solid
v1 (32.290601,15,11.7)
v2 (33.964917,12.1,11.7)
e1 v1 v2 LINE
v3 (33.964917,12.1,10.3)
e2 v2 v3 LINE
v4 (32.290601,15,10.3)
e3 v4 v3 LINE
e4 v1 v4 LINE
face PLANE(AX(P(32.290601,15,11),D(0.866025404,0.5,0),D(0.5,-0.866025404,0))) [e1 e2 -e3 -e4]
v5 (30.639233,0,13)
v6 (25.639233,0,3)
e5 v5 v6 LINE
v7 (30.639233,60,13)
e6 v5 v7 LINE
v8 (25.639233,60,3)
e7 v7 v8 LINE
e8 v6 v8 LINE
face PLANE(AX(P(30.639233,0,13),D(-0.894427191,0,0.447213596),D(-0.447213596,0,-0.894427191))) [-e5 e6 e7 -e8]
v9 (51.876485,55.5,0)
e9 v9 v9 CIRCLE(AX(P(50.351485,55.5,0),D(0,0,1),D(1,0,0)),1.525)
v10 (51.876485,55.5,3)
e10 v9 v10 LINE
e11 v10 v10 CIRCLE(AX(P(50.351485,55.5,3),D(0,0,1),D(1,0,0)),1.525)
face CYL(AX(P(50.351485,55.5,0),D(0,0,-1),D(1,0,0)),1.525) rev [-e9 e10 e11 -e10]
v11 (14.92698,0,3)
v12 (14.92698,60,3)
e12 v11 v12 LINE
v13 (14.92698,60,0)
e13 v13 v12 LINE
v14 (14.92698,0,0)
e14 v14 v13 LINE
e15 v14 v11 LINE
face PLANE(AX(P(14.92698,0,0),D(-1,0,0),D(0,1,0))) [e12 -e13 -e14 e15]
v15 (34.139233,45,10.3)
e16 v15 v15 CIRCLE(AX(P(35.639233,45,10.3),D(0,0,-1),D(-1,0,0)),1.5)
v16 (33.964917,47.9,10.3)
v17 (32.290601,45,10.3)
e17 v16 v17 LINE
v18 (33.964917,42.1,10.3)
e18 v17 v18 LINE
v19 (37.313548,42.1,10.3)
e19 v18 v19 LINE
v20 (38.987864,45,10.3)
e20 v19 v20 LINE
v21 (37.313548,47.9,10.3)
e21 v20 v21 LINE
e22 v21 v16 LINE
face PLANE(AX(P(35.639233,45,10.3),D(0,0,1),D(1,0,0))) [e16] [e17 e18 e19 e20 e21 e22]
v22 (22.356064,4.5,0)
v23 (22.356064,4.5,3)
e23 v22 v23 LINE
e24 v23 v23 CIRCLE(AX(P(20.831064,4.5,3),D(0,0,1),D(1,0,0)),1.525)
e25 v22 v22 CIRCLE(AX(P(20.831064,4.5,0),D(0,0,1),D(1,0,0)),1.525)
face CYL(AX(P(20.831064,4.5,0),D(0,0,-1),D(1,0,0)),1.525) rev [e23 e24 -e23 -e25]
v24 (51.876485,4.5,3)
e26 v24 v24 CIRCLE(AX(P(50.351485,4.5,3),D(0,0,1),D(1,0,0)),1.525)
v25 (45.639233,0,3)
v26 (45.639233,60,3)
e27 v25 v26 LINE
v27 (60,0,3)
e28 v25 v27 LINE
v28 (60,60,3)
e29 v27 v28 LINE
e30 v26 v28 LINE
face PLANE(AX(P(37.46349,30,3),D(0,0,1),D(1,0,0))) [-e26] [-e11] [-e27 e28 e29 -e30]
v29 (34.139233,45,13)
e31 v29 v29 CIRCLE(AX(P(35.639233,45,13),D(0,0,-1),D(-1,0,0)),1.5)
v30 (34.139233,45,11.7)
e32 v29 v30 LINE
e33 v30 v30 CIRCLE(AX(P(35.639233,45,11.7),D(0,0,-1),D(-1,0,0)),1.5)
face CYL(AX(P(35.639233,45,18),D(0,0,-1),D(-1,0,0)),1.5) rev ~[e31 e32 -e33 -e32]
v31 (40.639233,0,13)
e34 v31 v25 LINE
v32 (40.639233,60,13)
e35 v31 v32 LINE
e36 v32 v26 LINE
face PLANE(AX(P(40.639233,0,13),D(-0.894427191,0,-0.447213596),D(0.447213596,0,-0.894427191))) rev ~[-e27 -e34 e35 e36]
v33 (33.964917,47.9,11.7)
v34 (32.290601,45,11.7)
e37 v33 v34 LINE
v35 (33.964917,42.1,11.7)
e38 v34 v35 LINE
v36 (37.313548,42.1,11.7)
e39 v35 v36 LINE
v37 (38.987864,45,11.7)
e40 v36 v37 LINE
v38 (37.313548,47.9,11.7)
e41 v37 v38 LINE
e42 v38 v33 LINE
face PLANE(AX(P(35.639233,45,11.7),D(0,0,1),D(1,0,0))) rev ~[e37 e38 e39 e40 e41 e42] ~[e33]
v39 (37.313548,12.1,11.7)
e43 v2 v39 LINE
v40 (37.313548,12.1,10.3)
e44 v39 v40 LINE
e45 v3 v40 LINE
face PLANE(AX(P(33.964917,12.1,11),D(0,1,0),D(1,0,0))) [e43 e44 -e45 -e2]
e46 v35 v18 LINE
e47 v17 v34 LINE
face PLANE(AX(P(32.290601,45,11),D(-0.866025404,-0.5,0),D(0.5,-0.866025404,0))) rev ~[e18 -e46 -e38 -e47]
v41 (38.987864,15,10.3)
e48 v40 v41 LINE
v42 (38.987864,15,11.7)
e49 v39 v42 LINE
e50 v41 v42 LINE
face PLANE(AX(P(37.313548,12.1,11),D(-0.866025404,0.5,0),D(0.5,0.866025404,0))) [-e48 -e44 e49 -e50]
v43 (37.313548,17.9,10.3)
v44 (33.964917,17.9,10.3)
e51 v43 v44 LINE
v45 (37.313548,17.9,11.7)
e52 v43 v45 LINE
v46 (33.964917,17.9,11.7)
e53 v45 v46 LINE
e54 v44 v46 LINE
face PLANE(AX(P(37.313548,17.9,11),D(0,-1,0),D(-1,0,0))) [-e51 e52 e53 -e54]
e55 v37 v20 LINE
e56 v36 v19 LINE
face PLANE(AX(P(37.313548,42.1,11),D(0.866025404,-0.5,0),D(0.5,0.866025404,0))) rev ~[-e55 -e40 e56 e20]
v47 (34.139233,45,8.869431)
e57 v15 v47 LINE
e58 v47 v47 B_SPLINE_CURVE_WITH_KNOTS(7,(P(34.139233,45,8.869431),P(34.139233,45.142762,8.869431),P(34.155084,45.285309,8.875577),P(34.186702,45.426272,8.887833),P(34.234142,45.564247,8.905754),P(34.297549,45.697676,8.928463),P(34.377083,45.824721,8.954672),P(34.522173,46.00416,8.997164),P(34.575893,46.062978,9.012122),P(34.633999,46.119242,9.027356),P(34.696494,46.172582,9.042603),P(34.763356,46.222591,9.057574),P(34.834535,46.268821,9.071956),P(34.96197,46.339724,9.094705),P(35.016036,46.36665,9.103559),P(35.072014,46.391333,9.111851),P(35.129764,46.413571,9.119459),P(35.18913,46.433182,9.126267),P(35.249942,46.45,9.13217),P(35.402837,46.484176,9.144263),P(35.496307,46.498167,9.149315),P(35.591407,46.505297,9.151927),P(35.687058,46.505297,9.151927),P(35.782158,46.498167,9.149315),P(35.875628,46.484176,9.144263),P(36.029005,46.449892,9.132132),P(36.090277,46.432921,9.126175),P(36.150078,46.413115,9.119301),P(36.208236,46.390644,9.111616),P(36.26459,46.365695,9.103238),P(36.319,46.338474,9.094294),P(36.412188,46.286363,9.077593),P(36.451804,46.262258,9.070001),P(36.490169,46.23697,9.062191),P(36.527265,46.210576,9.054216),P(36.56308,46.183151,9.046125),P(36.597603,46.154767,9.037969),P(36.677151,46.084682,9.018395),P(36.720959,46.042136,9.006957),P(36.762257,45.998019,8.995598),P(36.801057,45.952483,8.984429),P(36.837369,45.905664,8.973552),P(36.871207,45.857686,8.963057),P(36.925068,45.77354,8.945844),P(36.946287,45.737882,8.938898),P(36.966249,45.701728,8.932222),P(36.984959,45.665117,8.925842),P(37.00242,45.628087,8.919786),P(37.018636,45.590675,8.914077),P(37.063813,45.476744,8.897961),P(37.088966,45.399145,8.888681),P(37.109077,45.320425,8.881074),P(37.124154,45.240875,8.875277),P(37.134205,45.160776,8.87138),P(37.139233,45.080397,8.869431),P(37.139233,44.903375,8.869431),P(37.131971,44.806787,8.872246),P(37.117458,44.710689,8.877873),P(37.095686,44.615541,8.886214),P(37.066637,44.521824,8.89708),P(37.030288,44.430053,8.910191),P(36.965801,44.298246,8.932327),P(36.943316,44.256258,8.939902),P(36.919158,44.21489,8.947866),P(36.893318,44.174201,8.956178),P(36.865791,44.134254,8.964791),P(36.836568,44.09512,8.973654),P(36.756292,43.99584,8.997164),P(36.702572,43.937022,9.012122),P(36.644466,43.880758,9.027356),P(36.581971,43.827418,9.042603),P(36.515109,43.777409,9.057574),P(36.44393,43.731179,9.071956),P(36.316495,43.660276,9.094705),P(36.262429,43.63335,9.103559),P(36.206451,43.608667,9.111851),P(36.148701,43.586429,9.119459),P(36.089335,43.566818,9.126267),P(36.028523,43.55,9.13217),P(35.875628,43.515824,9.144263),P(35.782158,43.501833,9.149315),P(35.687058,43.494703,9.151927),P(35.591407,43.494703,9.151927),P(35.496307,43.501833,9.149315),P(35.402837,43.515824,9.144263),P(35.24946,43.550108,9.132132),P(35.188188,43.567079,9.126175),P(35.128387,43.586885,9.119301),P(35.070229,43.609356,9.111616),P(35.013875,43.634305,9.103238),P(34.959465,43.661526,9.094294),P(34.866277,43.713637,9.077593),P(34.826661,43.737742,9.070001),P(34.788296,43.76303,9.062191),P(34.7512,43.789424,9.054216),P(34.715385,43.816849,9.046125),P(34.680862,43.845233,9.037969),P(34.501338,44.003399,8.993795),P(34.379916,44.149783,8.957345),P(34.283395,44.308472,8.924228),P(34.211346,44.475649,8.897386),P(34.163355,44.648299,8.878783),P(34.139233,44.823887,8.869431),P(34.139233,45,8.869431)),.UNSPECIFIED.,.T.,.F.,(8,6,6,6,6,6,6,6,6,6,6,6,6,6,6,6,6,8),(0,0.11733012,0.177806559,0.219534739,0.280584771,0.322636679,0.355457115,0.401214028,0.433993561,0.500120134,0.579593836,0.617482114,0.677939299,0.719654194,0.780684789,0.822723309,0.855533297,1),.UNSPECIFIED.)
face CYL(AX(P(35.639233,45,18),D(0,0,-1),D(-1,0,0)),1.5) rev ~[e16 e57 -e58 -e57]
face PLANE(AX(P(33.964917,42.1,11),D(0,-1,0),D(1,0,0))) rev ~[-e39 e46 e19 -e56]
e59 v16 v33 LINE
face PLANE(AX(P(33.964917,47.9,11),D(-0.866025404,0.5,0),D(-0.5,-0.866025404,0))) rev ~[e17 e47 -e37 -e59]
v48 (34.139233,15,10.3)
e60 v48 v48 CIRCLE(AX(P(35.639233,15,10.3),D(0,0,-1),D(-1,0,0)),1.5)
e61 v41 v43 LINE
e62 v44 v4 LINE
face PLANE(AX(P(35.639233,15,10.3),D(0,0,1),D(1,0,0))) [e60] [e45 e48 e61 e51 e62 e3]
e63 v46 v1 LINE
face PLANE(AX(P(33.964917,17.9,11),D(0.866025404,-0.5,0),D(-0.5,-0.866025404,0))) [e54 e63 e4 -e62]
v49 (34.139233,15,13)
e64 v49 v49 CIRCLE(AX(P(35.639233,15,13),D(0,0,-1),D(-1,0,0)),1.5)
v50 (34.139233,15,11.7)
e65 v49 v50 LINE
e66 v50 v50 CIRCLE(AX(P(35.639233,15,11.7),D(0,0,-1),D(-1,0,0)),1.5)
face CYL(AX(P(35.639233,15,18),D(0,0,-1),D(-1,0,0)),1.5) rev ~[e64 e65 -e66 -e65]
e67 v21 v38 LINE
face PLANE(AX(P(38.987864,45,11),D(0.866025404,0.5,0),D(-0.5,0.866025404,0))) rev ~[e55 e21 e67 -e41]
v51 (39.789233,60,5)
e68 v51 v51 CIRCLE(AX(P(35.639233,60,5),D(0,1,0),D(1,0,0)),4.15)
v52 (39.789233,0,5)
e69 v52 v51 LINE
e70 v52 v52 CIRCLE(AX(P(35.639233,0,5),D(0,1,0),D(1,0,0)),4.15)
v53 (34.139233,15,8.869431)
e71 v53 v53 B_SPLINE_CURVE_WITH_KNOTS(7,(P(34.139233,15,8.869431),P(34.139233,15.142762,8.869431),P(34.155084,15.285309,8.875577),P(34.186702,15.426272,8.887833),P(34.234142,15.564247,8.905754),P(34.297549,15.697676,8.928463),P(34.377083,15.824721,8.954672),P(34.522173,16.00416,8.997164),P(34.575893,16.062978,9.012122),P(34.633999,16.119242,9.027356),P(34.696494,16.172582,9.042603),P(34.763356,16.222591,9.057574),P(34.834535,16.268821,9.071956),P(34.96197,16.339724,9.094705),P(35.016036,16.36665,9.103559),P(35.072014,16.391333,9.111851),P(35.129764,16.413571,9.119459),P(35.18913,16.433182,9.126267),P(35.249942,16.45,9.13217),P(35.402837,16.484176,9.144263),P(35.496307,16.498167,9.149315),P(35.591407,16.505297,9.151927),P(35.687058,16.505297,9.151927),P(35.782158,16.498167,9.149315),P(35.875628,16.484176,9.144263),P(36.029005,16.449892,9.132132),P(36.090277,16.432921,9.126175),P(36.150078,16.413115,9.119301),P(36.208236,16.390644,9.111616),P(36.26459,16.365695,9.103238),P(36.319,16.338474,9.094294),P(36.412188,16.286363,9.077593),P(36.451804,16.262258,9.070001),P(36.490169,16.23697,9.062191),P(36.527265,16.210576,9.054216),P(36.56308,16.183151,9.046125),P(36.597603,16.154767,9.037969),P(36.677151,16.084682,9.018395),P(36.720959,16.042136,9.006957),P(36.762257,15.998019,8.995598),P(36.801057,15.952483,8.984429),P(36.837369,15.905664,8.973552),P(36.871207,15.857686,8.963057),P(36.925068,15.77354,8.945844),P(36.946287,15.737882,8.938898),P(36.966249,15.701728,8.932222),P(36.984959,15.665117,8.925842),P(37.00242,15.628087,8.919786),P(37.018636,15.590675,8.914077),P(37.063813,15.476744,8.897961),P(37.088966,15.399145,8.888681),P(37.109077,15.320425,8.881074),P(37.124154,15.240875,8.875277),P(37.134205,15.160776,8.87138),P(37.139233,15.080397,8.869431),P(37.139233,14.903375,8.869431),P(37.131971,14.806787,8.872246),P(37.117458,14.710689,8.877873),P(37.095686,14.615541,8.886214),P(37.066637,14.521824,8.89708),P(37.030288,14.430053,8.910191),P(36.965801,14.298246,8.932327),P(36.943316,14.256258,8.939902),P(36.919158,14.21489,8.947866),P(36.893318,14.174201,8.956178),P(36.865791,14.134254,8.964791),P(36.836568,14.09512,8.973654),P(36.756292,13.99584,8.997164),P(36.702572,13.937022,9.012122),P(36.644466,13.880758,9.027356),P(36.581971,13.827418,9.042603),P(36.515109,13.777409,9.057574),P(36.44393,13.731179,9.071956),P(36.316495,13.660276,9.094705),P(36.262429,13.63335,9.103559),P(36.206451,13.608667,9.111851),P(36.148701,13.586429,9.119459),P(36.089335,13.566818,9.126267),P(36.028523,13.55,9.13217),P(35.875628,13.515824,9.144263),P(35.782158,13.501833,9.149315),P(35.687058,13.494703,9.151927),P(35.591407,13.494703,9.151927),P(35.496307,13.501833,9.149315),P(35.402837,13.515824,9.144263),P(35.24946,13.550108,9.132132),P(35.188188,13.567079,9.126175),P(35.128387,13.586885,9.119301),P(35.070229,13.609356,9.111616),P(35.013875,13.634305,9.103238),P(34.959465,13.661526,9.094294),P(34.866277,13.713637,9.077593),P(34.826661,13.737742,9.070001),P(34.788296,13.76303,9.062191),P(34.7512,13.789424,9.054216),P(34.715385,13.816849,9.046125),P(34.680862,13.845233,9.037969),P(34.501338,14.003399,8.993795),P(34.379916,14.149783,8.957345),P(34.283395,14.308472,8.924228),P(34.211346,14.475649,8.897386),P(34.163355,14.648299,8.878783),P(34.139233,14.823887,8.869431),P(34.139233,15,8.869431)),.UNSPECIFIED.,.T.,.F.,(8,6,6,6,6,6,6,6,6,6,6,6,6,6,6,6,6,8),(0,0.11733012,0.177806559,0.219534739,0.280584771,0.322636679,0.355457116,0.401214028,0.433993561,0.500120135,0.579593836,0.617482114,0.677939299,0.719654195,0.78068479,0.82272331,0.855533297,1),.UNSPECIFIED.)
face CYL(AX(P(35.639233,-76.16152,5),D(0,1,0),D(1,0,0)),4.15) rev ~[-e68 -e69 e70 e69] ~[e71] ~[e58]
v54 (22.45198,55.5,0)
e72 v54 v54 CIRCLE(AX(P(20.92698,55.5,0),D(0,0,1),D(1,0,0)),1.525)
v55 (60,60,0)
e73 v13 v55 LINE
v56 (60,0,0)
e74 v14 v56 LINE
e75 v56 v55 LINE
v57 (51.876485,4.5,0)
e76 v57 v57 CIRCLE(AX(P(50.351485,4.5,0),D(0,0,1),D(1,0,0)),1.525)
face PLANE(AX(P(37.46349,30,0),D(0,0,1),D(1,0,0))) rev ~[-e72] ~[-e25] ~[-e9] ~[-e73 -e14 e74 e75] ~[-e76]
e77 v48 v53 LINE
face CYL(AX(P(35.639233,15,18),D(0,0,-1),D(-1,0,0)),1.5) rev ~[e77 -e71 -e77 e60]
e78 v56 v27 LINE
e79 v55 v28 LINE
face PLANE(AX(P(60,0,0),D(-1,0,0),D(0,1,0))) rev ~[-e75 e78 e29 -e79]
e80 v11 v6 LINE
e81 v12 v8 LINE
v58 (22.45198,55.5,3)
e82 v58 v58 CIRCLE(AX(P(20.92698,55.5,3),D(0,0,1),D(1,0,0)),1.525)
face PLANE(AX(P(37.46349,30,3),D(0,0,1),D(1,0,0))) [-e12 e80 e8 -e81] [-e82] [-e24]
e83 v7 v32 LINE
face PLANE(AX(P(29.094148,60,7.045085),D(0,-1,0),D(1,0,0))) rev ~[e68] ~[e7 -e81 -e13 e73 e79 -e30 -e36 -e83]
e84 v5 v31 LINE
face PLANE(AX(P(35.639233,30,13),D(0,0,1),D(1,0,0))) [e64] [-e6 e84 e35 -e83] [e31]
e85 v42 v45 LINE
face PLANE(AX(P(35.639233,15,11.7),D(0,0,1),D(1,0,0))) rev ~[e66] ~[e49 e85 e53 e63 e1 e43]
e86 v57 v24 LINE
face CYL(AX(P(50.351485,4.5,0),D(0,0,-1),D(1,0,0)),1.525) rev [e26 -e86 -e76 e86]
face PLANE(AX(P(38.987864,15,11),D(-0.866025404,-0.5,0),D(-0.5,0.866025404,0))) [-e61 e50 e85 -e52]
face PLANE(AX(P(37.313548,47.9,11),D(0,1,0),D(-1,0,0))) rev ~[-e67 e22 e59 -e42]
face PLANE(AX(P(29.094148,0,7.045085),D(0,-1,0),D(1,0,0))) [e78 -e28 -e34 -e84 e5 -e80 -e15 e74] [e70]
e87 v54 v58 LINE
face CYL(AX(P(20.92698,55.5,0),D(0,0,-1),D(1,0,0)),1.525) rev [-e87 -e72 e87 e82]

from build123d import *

# Parameters (mm, degrees)
SKETCH_1_W          = 45.073019954
SKETCH_1_H          = 60
SKETCH_1_R          = 1.525
EXTRUDE_1_DEPTH     = 3
SKETCH_2_W          = 10
SKETCH_2_H          = 60
EXTRUDE_2_DEPTH     = 10
HOLE_WIZARD_1_D     = 8.3
EXTRUDE_3_DEPTH     = 60
CUT_EXTRUDE_1_DEPTH = 0.7
HOLE_WIZARD_2_D     = 3
HOLE_WIZARD_2_DEPTH = 5


with BuildPart() as part:
    # 草图1 → 凸台-拉伸1 (new body)
    with BuildSketch(Plane.XY):
        with Locations((37.463490023, 30)):
            Rectangle(SKETCH_1_W, SKETCH_1_H)
        with Locations((20.831064203, 4.5)):
            Circle(SKETCH_1_R, mode=Mode.SUBTRACT)
        with Locations((50.351484989, 4.5)):
            Circle(SKETCH_1_R, mode=Mode.SUBTRACT)
        with Locations((20.926980046, 55.5)):
            Circle(SKETCH_1_R, mode=Mode.SUBTRACT)
        with Locations((50.351484989, 55.5)):
            Circle(SKETCH_1_R, mode=Mode.SUBTRACT)
    extrude(amount=EXTRUDE_1_DEPTH)

    # 草图2 → 凸台-拉伸2 (add)
    with BuildSketch(Plane.XY.offset(3)):
        with Locations((35.639232517, 30)):
            Rectangle(SKETCH_2_W, SKETCH_2_H)
    extrude(amount=EXTRUDE_2_DEPTH)

    # 孔1 (through all)
    with Locations(Plane(origin=(0, 0, 0), x_dir=(-1, 0, 0), z_dir=(0, -1, 0))):
        with Locations((-35.639232517, -5)):
            Hole(HOLE_WIZARD_1_D / 2)

    # 草图5 → 凸台-拉伸3 (add)
    with BuildSketch(Plane.XZ):
        Polygon((30.639232517, 13), (25.639232517, 3), (30.639232517, 3), align=None)
        Polygon((40.639232517, 13), (45.639232517, 3), (40.639232517, 3), align=None)
    extrude(amount=-EXTRUDE_3_DEPTH)

    # 草图7 → 切除-拉伸1 (cut, symmetric)
    with BuildSketch(Plane.XY.offset(11)):
        Polygon((37.313548298, 12.1), (38.987864079, 15), (37.313548298, 17.9), (33.964916737, 17.9), (32.290600956, 15), (33.964916737, 12.1), align=None)
        Polygon((38.987864079, 45), (37.313548298, 47.9), (33.964916737, 47.9), (32.290600956, 45), (33.964916737, 42.1), (37.313548298, 42.1), align=None)
    extrude(amount=CUT_EXTRUDE_1_DEPTH, both=True, mode=Mode.SUBTRACT)

    # 孔2
    with Locations(Plane.XY.offset(13)):
        with Locations((35.639232517, 45), (35.639232517, 15)):
            Hole(HOLE_WIZARD_2_D / 2, depth=HOLE_WIZARD_2_DEPTH)


solid = part.part
